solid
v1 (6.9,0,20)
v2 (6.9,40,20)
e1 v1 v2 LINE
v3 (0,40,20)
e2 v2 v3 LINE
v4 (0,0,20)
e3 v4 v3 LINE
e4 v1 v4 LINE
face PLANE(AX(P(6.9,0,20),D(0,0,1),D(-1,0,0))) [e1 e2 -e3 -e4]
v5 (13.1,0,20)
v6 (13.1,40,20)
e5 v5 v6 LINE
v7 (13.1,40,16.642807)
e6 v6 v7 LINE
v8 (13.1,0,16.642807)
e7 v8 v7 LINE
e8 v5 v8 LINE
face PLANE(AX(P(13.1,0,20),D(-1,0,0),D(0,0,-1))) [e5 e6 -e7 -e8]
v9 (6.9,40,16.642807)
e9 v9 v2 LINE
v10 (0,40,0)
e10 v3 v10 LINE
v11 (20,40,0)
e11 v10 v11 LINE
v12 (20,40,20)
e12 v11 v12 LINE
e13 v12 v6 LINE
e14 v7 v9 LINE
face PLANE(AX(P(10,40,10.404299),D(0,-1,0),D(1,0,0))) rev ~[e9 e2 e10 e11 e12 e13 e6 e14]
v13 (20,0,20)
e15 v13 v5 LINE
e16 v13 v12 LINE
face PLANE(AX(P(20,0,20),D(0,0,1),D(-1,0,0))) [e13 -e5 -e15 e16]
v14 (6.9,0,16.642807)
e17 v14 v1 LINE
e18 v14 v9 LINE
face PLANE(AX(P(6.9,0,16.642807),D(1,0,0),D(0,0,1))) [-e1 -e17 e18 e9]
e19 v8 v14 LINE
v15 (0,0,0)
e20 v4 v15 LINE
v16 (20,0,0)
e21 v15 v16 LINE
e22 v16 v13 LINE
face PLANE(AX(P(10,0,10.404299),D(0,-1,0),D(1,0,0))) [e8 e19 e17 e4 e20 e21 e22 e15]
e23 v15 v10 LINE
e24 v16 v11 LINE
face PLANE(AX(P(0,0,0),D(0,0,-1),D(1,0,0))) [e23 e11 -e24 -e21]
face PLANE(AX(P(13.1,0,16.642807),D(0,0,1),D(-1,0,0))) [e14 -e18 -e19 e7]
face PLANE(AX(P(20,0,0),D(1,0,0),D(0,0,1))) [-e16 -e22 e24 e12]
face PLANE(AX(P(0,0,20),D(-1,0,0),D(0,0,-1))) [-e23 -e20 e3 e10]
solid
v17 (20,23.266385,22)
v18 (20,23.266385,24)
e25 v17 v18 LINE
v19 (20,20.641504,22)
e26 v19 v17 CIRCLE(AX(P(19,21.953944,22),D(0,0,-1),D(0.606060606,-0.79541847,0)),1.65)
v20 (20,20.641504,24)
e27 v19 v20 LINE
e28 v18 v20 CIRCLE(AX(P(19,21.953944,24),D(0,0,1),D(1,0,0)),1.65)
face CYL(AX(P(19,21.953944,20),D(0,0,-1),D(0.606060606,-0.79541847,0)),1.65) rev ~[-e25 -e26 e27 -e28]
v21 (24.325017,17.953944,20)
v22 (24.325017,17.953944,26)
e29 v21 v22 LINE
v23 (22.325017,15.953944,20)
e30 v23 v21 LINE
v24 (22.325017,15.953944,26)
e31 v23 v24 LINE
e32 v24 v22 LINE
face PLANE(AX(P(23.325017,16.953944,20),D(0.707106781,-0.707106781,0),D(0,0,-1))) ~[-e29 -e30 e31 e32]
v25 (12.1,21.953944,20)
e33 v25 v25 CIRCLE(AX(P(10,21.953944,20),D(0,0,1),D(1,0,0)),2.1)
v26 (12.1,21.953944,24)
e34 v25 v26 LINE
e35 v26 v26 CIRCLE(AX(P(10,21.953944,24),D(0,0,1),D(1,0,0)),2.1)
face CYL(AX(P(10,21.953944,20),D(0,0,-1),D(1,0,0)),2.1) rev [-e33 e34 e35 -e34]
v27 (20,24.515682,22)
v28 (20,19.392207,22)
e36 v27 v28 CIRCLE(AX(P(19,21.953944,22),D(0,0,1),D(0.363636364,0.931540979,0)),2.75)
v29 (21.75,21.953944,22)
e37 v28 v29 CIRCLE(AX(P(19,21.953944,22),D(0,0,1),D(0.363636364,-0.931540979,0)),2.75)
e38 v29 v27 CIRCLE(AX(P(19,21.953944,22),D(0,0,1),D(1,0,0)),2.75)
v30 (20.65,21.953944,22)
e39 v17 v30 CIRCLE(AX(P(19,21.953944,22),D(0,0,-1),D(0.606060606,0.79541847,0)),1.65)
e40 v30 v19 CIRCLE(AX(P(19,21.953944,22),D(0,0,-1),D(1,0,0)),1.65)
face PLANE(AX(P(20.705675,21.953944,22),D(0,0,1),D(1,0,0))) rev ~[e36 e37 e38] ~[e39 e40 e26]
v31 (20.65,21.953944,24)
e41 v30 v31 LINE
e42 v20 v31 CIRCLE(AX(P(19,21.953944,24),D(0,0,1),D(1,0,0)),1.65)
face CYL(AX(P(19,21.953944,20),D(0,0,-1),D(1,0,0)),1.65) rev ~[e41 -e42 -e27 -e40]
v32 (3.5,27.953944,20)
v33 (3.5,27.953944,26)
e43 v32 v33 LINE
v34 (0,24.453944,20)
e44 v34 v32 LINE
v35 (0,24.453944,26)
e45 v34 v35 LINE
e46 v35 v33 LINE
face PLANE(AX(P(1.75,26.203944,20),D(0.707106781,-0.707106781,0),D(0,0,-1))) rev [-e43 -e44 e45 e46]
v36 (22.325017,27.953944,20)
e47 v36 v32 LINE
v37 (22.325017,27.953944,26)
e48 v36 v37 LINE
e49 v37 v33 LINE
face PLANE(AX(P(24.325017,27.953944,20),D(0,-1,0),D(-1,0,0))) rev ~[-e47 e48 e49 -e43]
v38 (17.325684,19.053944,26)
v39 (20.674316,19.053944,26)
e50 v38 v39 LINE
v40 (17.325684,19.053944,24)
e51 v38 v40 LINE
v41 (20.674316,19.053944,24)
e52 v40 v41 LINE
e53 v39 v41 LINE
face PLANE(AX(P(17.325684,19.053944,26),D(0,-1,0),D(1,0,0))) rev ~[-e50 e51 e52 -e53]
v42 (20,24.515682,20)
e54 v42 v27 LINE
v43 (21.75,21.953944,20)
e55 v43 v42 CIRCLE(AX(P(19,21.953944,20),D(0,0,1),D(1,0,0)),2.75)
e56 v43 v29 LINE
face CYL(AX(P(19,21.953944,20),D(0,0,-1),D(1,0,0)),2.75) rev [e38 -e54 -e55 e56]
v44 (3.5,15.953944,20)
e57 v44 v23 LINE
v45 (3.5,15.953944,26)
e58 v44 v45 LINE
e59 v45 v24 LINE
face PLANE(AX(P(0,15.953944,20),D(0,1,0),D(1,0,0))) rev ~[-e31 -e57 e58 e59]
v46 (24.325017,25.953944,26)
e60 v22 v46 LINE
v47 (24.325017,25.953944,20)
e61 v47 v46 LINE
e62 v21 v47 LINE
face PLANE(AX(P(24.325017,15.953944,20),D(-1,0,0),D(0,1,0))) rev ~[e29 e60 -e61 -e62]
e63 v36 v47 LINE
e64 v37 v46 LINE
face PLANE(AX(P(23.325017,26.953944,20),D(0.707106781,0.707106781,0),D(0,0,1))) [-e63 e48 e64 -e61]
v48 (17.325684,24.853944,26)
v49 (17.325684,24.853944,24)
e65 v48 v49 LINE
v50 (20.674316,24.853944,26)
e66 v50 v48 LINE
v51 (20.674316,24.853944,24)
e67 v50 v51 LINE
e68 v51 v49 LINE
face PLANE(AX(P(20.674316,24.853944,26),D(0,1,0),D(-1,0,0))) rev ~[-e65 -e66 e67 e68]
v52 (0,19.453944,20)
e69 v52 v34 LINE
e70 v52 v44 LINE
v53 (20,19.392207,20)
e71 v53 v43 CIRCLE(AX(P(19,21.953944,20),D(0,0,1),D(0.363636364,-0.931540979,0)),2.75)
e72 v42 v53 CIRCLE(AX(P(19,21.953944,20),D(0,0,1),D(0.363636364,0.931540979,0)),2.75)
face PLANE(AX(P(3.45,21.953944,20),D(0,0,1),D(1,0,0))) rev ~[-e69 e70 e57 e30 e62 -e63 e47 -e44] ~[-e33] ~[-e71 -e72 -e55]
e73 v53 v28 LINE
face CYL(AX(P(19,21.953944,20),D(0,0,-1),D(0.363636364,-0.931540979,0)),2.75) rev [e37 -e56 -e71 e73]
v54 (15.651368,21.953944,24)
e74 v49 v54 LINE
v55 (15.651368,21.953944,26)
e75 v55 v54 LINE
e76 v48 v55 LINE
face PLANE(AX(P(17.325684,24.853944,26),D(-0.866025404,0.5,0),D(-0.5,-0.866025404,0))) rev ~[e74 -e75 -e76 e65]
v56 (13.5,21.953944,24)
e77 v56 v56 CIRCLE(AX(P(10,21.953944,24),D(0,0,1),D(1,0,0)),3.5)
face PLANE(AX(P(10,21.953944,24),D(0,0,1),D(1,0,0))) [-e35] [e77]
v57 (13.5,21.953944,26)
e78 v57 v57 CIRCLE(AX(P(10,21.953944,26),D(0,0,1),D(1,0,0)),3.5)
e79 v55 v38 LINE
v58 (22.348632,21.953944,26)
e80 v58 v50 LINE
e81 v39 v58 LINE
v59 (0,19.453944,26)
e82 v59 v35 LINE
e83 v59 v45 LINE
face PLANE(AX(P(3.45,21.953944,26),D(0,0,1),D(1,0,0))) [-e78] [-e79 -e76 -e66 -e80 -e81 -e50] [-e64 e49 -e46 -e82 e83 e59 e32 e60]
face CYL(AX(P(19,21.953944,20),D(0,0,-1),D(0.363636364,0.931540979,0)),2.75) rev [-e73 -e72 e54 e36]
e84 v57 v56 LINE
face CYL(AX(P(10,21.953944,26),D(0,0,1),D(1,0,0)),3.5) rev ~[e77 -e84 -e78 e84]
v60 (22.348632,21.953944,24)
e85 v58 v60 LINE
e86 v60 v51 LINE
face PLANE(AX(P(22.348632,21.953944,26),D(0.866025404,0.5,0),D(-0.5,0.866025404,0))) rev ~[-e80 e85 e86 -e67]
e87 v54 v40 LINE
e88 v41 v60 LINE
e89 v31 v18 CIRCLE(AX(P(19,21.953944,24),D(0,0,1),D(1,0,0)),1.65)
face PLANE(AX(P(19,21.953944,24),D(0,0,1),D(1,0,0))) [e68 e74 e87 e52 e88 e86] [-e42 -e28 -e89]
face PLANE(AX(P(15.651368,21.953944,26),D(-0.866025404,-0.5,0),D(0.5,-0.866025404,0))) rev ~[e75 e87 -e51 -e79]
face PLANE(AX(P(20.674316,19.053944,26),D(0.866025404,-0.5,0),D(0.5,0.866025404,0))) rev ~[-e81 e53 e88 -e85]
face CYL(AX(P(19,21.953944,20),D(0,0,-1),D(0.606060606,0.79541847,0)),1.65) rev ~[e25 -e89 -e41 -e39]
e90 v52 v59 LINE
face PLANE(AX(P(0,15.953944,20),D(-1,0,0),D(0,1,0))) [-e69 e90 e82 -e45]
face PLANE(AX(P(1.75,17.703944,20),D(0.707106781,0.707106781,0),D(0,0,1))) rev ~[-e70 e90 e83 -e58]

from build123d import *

# Parameters (mm, degrees)
F1_DEPTH = 40
F2_W     = 6.9
F2_H     = 12
F2_R     = 2.1
F3_DEPTH = 6
F4_SIZE  = 3.5
F5_SIZE  = 2
F6_DEPTH = 2
F7_R     = 1.65
F7_R_2   = 3.5
F7_R_3   = 2.1
F8_DEPTH = 2


with BuildPart() as f1:
    # F0 (on Front) → F1 (new body)
    with BuildSketch(Plane.XZ):
        Polygon((0, 20), (0, 0), (20, 0), (20, 20), (13.1, 20), (13.1, 16.6428070515), (6.9, 16.6428070515), (6.9, 20), align=None)
    extrude(amount=-F1_DEPTH)


with BuildPart() as f3:
    # F2 (on face) → F3 (new body)
    with BuildSketch(Plane.XY.offset(20)):
        with Locations((3.45, 21.9539443774)):
            Rectangle(F2_W, F2_H)
        with BuildLine():
            Line((20, 27.9539443774), (6.9, 27.9539443774))
            Line((6.9, 27.9539443774), (6.9, 15.9539443774))
            Line((6.9, 15.9539443774), (20, 15.9539443774))
            Line((20, 15.9539443774), (20, 19.3922066859))
            ThreePointArc((20, 19.3922066859), (16.25, 21.9539443774), (20, 24.5156820689))
            Line((20, 24.5156820689), (20, 27.9539443774))
        make_face()
        with Locations((10, 21.9539443774)):
            Circle(F2_R, mode=Mode.SUBTRACT)
        with BuildLine():
            ThreePointArc((21.75, 21.9539443774), (21.2707377656, 23.5051535832), (20, 24.5156820689))
            Line((20, 24.5156820689), (20, 23.2663848523))
            ThreePointArc((20, 23.2663848523), (20.4785973083, 22.6862353032), (20.65, 21.9539443774))
            ThreePointArc((20.65, 21.9539443774), (20.4785973083, 21.2216534516), (20, 20.6415039026))
            Line((20, 20.6415039026), (20, 19.3922066859))
            ThreePointArc((20, 19.3922066859), (21.2707377656, 20.4027351717), (21.75, 21.9539443774))
        make_face()
        with BuildLine():
            Line((20, 23.2663848523), (20, 24.5156820689))
            ThreePointArc((20, 24.5156820689), (16.25, 21.9539443774), (20, 19.3922066859))
            Line((20, 19.3922066859), (20, 20.6415039026))
            ThreePointArc((20, 20.6415039026), (17.35, 21.9539443774), (20, 23.2663848523))
        make_face()
        with BuildLine():
            Line((24.325016886, 27.9539443774), (20, 27.9539443774))
            Line((20, 27.9539443774), (20, 24.5156820689))
            ThreePointArc((20, 24.5156820689), (21.2707377656, 23.5051535832), (21.75, 21.9539443774))
            ThreePointArc((21.75, 21.9539443774), (21.2707377656, 20.4027351717), (20, 19.3922066859))
            Line((20, 19.3922066859), (20, 15.9539443774))
            Line((20, 15.9539443774), (24.325016886, 15.9539443774))
            Line((24.325016886, 15.9539443774), (24.325016886, 27.9539443774))
        make_face()
    extrude(amount=F3_DEPTH)

    # F4
    f4_edges = [f3.edges().sort_by_distance(p)[0] for p in [
        (0, 27.953944, 23),
        (0, 15.953944, 23),
    ]]
    chamfer(f4_edges, length=F4_SIZE)

    # F5
    f5_edges = [f3.edges().sort_by_distance(p)[0] for p in [
        (24.325017, 15.953944, 23),
        (24.325017, 27.953944, 23),
    ]]
    chamfer(f5_edges, length=F5_SIZE)

    # F2 (on face) → F6 (cut)
    with BuildSketch(Plane.XY.offset(20)):
        with BuildLine():
            ThreePointArc((21.75, 21.9539443774), (21.2707377656, 23.5051535832), (20, 24.5156820689))
            Line((20, 24.5156820689), (20, 23.2663848523))
            ThreePointArc((20, 23.2663848523), (20.4785973083, 22.6862353032), (20.65, 21.9539443774))
            ThreePointArc((20.65, 21.9539443774), (20.4785973083, 21.2216534516), (20, 20.6415039026))
            Line((20, 20.6415039026), (20, 19.3922066859))
            ThreePointArc((20, 19.3922066859), (21.2707377656, 20.4027351717), (21.75, 21.9539443774))
        make_face()
        with BuildLine():
            Line((20, 23.2663848523), (20, 24.5156820689))
            ThreePointArc((20, 24.5156820689), (16.25, 21.9539443774), (20, 19.3922066859))
            Line((20, 19.3922066859), (20, 20.6415039026))
            ThreePointArc((20, 20.6415039026), (17.35, 21.9539443774), (20, 23.2663848523))
        make_face()
    extrude(amount=F6_DEPTH, mode=Mode.SUBTRACT)

    # F7 (on face) → F8 (cut)
    with BuildSketch(Plane.XY.offset(26)):
        Polygon((20.6743157806, 24.8539443774), (17.3256842194, 24.8539443774), (15.6513684387, 21.9539443774), (17.3256842194, 19.0539443774), (20.6743157806, 19.0539443774), (22.3486315613, 21.9539443774), align=None)
        with Locations((19, 21.9539443774)):
            Circle(F7_R, mode=Mode.SUBTRACT)
        with Locations((10, 21.9539443774)):
            Circle(F7_R_2)
        with Locations((10, 21.9539443774)):
            Circle(F7_R_3, mode=Mode.SUBTRACT)
    extrude(amount=-F8_DEPTH, mode=Mode.SUBTRACT)


solid = Compound([f1.part, f3.part])
